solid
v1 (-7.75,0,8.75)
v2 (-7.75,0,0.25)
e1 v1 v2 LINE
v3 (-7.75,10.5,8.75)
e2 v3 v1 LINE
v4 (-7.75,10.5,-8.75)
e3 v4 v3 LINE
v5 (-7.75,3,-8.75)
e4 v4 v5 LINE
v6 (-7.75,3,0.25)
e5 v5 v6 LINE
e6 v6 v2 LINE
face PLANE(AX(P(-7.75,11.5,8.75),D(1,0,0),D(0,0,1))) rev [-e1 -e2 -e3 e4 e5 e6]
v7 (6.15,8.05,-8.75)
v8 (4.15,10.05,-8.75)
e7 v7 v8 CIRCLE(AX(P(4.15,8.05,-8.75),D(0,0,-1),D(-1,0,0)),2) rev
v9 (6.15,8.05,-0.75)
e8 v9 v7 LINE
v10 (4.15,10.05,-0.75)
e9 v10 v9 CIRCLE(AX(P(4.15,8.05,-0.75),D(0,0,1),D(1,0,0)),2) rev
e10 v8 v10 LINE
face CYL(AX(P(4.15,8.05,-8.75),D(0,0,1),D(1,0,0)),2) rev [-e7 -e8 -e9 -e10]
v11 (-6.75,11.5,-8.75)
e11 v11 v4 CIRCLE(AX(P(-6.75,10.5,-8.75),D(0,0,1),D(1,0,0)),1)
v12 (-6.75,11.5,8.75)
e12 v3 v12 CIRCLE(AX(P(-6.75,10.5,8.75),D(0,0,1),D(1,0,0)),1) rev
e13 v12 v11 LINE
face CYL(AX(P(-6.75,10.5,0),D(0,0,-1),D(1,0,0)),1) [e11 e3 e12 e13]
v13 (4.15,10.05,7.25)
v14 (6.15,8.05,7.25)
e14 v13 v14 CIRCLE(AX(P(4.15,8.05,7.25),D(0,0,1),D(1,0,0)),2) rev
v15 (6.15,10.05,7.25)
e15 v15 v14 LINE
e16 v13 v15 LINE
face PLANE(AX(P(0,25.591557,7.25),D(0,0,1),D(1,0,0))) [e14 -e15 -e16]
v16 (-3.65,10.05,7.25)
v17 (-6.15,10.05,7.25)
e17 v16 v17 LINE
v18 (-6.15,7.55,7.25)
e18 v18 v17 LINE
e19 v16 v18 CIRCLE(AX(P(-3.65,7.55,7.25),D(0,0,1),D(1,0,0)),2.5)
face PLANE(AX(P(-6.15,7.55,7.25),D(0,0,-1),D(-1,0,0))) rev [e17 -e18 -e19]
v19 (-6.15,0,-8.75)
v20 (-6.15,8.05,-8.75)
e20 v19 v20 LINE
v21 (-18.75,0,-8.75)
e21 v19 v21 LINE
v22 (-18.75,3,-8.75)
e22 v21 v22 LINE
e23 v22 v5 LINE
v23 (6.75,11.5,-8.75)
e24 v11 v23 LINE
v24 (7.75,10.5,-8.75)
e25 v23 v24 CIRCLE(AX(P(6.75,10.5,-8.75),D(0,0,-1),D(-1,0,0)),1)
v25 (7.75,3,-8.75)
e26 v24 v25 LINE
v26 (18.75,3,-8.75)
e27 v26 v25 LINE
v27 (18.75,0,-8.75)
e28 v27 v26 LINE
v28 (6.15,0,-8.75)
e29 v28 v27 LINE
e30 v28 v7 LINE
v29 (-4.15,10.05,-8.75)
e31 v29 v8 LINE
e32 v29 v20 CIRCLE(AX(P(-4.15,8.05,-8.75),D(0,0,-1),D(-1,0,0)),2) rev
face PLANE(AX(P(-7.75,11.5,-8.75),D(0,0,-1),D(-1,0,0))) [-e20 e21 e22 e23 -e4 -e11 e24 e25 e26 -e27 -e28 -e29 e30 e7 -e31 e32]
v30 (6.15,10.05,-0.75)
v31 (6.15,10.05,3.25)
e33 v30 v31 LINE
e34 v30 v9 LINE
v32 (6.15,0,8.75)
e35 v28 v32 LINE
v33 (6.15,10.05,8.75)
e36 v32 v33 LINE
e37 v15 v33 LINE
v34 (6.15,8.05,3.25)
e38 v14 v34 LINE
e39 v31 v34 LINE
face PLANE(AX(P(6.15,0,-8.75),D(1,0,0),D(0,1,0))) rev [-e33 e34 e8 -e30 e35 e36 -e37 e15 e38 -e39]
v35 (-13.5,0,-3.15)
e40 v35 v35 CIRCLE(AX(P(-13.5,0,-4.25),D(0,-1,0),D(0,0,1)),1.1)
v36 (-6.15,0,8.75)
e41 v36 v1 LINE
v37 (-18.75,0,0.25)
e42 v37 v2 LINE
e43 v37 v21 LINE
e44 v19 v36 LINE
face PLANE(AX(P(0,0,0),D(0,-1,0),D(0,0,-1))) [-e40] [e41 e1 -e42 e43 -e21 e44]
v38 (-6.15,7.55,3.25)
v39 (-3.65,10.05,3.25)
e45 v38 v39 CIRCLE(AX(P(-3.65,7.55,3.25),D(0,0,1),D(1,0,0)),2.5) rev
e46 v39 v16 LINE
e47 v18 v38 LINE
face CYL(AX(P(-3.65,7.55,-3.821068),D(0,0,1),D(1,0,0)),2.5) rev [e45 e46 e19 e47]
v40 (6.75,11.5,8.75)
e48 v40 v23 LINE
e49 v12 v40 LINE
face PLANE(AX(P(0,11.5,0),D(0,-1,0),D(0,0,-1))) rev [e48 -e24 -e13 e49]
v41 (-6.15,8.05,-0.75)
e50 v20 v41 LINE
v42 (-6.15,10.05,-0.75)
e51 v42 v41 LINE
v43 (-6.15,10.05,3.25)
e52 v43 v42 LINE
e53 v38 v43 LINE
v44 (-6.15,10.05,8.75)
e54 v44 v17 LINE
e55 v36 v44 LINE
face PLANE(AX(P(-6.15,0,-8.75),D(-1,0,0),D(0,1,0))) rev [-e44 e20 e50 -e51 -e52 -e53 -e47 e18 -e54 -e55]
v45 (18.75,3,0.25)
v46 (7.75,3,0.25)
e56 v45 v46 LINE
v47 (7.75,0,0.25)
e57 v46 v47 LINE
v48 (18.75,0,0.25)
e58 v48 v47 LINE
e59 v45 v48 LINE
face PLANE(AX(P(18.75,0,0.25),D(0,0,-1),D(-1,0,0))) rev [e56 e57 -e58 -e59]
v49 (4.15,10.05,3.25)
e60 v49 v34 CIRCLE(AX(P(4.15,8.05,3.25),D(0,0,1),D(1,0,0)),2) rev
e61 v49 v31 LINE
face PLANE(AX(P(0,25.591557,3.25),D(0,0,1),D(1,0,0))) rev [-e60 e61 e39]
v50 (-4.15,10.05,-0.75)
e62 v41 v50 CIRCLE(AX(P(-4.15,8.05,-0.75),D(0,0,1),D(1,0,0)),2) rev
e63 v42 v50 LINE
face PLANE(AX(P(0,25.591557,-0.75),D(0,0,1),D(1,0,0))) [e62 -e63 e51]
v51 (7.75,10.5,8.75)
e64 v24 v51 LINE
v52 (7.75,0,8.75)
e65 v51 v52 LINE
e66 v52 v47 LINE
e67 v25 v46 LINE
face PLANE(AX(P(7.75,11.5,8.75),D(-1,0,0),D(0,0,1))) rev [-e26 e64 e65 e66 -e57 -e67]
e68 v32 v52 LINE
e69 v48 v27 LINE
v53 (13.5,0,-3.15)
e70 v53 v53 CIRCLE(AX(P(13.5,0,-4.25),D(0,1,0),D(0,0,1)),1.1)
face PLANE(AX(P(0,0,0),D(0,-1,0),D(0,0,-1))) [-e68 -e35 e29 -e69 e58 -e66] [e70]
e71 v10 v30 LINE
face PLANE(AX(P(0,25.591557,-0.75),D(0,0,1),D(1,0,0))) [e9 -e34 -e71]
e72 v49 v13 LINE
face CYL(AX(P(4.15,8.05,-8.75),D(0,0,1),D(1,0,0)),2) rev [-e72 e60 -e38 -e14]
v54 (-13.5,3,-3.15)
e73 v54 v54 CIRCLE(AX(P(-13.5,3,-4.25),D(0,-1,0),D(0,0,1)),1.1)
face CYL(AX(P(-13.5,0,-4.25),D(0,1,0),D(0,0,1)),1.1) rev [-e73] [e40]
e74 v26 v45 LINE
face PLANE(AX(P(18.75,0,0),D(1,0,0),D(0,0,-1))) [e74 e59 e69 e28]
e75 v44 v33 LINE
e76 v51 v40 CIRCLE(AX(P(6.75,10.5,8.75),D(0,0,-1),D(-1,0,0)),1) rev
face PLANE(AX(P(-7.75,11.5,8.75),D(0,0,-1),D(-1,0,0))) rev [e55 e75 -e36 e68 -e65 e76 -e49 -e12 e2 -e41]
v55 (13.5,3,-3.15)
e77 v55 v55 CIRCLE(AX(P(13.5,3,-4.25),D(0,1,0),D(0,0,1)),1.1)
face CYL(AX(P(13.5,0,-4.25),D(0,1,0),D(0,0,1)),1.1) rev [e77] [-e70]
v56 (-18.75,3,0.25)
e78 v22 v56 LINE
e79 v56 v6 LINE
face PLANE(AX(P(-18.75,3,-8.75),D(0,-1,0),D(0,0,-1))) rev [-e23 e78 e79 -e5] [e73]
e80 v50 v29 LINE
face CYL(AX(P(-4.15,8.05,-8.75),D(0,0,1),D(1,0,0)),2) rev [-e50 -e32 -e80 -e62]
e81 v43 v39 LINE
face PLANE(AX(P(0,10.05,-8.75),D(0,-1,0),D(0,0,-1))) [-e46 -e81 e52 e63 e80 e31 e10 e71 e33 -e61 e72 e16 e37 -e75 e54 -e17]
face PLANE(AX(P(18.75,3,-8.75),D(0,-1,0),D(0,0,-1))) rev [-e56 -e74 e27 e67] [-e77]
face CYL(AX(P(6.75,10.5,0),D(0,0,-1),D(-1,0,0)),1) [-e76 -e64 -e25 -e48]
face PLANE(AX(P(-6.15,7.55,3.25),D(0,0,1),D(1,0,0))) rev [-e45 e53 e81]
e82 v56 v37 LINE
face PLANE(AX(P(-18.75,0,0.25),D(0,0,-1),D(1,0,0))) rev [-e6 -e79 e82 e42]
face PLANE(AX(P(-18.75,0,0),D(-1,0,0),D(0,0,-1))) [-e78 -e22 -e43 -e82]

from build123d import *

# Parameters (mm, degrees)
CROQUIS1_W               = 15.5
CROQUIS1_H               = 17.5
SALIENTE_EXTRUIR1_DEPTH  = 11.5
CROQUIS2_W               = 12.3
CROQUIS2_H               = 10.05
CORTAR_EXTRUIR1_DEPTH    = 23.328513161
REDONDEO1_R              = 1
CROQUIS3_W               = 9
CROQUIS3_H               = 3
SALIENTE_EXTRUIR4_DEPTH  = 11
CROQUIS12_R              = 1.1
CORTAR_EXTRUIR7_DEPTH    = 23.369063458
CROQUIS13_W              = 18.078388853
CROQUIS13_H              = 17.5
CORTAR_EXTRUIR8_DEPTH    = 24.672241128
REDONDEO1_OF_SIMETR_A2_R = 1
REDONDEO6_R              = 2
CROQUIS15_W              = 6.15
CROQUIS15_H              = 1.2
CROQUIS15_H_2            = 1
CROQUIS15_H_3            = 1.5
CORTAR_EXTRUIR10_DEPTH   = 10.05
CROQUIS17_W              = 2.5
CROQUIS17_H              = 4
SALIENTE_EXTRUIR6_DEPTH  = 2.5
CROQUIS19_R              = 2.5
CORTAR_EXTRUIR12_DEPTH   = 4
CROQUIS20_W              = 2
CROQUIS20_H              = 1.8
CORTAR_EXTRUIR13_DEPTH   = 7.05


with BuildPart() as part:
    # Croquis1 → Saliente-Extruir1 (new body)
    with BuildSketch(Plane(origin=(0, 0, 0), x_dir=(1, 0, 0), z_dir=(0, 1, 0))):
        Rectangle(CROQUIS1_W, CROQUIS1_H)
    saliente_extruir1 = extrude(amount=SALIENTE_EXTRUIR1_DEPTH)

    # Croquis2 → Cortar-Extruir1 (cut, through all)
    with BuildSketch(Plane.XY.offset(8.75)):
        with Locations((0, 5.025)):
            Rectangle(CROQUIS2_W, CROQUIS2_H)
    cortar_extruir1 = extrude(amount=-CORTAR_EXTRUIR1_DEPTH, mode=Mode.SUBTRACT)

    # Redondeo1
    redondeo1_edges = [part.edges().sort_by_distance(p)[0] for p in [
        (7.75, 11.5, 0),
        (-7.75, 11.5, 0),
    ]]
    fillet(redondeo1_edges, radius=REDONDEO1_R)

    # Croquis13 → Cortar-Extruir8 (cut, through all)
    with BuildSketch(Plane(origin=(0, 11.5, 0), x_dir=(1, 0, 0), z_dir=(0, 1, 0))):
        with Locations((-9.039194426, 0)):
            Rectangle(CROQUIS13_W, CROQUIS13_H)
    extrude(amount=-CORTAR_EXTRUIR8_DEPTH, mode=Mode.SUBTRACT)

    # Simetría2: Saliente-Extruir1 across plane
    add(saliente_extruir1.mirror(Plane(origin=(0, 0, -8.75), x_dir=(0, 0, 1), z_dir=(1, 0, 0))))

    # Simetr_a2 2: Cortar-Extruir1 across plane
    add(cortar_extruir1.mirror(Plane(origin=(0, 0, -8.75), x_dir=(0, 0, 1), z_dir=(1, 0, 0))), mode=Mode.SUBTRACT)


with BuildPart() as body_2:
    # Croquis3 → Saliente-Extruir4 (new body)
    with BuildSketch(Plane(origin=(7.75, 0, 0), x_dir=(0, 0, -1), z_dir=(1, 0, 0))):
        with Locations((4.25, 1.5)):
            Rectangle(CROQUIS3_W, CROQUIS3_H)
    saliente_extruir4 = extrude(amount=SALIENTE_EXTRUIR4_DEPTH)

    # Croquis12 → Cortar-Extruir7 (cut, through all)
    with BuildSketch(Plane(origin=(0, 3, 0), x_dir=(1, 0, 0), z_dir=(0, 1, 0))):
        with Locations(Location((13.5, 4.25, 0), (0, 0, 270))):
            Circle(CROQUIS12_R)
    cortar_extruir7 = extrude(amount=-CORTAR_EXTRUIR7_DEPTH, mode=Mode.SUBTRACT)


with BuildPart() as part_1:
    add(part.part)

    # Simetr_a2 3: Saliente-Extruir4 across plane
    add(saliente_extruir4.mirror(Plane(origin=(0, 0, -8.75), x_dir=(0, 0, 1), z_dir=(1, 0, 0))))

    # Simetr_a2 4: Cortar-Extruir7 across plane
    add(cortar_extruir7.mirror(Plane(origin=(0, 0, -8.75), x_dir=(0, 0, 1), z_dir=(1, 0, 0))), mode=Mode.SUBTRACT)

    # Redondeo1 of Simetría2
    redondeo1_of_simetr_a2_edges = [part_1.edges().sort_by_distance(p)[0] for p in [
        (-7.75, 11.5, 0),
        (7.75, 11.5, 0),
    ]]
    fillet(redondeo1_of_simetr_a2_edges, radius=REDONDEO1_OF_SIMETR_A2_R)

    # Combinar3: union body 2
    add(body_2.part)

    # Redondeo6
    redondeo6_edges = [part_1.edges().sort_by_distance(p)[0] for p in [
        (6.15, 10.05, 0),
        (-6.15, 10.05, 0),
    ]]
    fillet(redondeo6_edges, radius=REDONDEO6_R)

    # Croquis15 → Cortar-Extruir10 (cut)
    with BuildSketch(Plane(origin=(0, 0, 0), x_dir=(-1, 0, 0), z_dir=(0, -1, 0))):
        with Locations((-3.075, 0.15)):
            Rectangle(CROQUIS15_W, CROQUIS15_H)
        with Locations((-3.075, -2.75)):
            Rectangle(CROQUIS15_W, CROQUIS15_H_2)
        with Locations((-3.075, -8)):
            Rectangle(CROQUIS15_W, CROQUIS15_H_3)
        Polygon((6.15, 0.75), (0, 0.75), (0, -0.45), (0, -2.25), (0, -3.25), (0, -7.25), (0, -8.75), (6.15, -8.75), align=None)
    extrude(amount=-CORTAR_EXTRUIR10_DEPTH, mode=Mode.SUBTRACT)

    # Croquis17 → Saliente-Extruir6 (add)
    with BuildSketch(Plane.XZ.offset(-10.05)):
        with Locations((-4.9, 5.25)):
            Rectangle(CROQUIS17_W, CROQUIS17_H)
    extrude(amount=SALIENTE_EXTRUIR6_DEPTH)

    # Croquis19 → Cortar-Extruir12 (cut)
    with BuildSketch(Plane.XY.offset(7.25)):
        with Locations((-3.65, 7.55)):
            Circle(CROQUIS19_R)
    extrude(amount=-CORTAR_EXTRUIR12_DEPTH, mode=Mode.SUBTRACT)

    # Croquis20 → Cortar-Extruir13 (cut)
    with BuildSketch(Plane.XZ.offset(-10.05)):
        with Locations((5.15, 1.35)):
            Rectangle(CROQUIS20_W, CROQUIS20_H)
    extrude(amount=CORTAR_EXTRUIR13_DEPTH, mode=Mode.SUBTRACT)


solid = part_1.part
